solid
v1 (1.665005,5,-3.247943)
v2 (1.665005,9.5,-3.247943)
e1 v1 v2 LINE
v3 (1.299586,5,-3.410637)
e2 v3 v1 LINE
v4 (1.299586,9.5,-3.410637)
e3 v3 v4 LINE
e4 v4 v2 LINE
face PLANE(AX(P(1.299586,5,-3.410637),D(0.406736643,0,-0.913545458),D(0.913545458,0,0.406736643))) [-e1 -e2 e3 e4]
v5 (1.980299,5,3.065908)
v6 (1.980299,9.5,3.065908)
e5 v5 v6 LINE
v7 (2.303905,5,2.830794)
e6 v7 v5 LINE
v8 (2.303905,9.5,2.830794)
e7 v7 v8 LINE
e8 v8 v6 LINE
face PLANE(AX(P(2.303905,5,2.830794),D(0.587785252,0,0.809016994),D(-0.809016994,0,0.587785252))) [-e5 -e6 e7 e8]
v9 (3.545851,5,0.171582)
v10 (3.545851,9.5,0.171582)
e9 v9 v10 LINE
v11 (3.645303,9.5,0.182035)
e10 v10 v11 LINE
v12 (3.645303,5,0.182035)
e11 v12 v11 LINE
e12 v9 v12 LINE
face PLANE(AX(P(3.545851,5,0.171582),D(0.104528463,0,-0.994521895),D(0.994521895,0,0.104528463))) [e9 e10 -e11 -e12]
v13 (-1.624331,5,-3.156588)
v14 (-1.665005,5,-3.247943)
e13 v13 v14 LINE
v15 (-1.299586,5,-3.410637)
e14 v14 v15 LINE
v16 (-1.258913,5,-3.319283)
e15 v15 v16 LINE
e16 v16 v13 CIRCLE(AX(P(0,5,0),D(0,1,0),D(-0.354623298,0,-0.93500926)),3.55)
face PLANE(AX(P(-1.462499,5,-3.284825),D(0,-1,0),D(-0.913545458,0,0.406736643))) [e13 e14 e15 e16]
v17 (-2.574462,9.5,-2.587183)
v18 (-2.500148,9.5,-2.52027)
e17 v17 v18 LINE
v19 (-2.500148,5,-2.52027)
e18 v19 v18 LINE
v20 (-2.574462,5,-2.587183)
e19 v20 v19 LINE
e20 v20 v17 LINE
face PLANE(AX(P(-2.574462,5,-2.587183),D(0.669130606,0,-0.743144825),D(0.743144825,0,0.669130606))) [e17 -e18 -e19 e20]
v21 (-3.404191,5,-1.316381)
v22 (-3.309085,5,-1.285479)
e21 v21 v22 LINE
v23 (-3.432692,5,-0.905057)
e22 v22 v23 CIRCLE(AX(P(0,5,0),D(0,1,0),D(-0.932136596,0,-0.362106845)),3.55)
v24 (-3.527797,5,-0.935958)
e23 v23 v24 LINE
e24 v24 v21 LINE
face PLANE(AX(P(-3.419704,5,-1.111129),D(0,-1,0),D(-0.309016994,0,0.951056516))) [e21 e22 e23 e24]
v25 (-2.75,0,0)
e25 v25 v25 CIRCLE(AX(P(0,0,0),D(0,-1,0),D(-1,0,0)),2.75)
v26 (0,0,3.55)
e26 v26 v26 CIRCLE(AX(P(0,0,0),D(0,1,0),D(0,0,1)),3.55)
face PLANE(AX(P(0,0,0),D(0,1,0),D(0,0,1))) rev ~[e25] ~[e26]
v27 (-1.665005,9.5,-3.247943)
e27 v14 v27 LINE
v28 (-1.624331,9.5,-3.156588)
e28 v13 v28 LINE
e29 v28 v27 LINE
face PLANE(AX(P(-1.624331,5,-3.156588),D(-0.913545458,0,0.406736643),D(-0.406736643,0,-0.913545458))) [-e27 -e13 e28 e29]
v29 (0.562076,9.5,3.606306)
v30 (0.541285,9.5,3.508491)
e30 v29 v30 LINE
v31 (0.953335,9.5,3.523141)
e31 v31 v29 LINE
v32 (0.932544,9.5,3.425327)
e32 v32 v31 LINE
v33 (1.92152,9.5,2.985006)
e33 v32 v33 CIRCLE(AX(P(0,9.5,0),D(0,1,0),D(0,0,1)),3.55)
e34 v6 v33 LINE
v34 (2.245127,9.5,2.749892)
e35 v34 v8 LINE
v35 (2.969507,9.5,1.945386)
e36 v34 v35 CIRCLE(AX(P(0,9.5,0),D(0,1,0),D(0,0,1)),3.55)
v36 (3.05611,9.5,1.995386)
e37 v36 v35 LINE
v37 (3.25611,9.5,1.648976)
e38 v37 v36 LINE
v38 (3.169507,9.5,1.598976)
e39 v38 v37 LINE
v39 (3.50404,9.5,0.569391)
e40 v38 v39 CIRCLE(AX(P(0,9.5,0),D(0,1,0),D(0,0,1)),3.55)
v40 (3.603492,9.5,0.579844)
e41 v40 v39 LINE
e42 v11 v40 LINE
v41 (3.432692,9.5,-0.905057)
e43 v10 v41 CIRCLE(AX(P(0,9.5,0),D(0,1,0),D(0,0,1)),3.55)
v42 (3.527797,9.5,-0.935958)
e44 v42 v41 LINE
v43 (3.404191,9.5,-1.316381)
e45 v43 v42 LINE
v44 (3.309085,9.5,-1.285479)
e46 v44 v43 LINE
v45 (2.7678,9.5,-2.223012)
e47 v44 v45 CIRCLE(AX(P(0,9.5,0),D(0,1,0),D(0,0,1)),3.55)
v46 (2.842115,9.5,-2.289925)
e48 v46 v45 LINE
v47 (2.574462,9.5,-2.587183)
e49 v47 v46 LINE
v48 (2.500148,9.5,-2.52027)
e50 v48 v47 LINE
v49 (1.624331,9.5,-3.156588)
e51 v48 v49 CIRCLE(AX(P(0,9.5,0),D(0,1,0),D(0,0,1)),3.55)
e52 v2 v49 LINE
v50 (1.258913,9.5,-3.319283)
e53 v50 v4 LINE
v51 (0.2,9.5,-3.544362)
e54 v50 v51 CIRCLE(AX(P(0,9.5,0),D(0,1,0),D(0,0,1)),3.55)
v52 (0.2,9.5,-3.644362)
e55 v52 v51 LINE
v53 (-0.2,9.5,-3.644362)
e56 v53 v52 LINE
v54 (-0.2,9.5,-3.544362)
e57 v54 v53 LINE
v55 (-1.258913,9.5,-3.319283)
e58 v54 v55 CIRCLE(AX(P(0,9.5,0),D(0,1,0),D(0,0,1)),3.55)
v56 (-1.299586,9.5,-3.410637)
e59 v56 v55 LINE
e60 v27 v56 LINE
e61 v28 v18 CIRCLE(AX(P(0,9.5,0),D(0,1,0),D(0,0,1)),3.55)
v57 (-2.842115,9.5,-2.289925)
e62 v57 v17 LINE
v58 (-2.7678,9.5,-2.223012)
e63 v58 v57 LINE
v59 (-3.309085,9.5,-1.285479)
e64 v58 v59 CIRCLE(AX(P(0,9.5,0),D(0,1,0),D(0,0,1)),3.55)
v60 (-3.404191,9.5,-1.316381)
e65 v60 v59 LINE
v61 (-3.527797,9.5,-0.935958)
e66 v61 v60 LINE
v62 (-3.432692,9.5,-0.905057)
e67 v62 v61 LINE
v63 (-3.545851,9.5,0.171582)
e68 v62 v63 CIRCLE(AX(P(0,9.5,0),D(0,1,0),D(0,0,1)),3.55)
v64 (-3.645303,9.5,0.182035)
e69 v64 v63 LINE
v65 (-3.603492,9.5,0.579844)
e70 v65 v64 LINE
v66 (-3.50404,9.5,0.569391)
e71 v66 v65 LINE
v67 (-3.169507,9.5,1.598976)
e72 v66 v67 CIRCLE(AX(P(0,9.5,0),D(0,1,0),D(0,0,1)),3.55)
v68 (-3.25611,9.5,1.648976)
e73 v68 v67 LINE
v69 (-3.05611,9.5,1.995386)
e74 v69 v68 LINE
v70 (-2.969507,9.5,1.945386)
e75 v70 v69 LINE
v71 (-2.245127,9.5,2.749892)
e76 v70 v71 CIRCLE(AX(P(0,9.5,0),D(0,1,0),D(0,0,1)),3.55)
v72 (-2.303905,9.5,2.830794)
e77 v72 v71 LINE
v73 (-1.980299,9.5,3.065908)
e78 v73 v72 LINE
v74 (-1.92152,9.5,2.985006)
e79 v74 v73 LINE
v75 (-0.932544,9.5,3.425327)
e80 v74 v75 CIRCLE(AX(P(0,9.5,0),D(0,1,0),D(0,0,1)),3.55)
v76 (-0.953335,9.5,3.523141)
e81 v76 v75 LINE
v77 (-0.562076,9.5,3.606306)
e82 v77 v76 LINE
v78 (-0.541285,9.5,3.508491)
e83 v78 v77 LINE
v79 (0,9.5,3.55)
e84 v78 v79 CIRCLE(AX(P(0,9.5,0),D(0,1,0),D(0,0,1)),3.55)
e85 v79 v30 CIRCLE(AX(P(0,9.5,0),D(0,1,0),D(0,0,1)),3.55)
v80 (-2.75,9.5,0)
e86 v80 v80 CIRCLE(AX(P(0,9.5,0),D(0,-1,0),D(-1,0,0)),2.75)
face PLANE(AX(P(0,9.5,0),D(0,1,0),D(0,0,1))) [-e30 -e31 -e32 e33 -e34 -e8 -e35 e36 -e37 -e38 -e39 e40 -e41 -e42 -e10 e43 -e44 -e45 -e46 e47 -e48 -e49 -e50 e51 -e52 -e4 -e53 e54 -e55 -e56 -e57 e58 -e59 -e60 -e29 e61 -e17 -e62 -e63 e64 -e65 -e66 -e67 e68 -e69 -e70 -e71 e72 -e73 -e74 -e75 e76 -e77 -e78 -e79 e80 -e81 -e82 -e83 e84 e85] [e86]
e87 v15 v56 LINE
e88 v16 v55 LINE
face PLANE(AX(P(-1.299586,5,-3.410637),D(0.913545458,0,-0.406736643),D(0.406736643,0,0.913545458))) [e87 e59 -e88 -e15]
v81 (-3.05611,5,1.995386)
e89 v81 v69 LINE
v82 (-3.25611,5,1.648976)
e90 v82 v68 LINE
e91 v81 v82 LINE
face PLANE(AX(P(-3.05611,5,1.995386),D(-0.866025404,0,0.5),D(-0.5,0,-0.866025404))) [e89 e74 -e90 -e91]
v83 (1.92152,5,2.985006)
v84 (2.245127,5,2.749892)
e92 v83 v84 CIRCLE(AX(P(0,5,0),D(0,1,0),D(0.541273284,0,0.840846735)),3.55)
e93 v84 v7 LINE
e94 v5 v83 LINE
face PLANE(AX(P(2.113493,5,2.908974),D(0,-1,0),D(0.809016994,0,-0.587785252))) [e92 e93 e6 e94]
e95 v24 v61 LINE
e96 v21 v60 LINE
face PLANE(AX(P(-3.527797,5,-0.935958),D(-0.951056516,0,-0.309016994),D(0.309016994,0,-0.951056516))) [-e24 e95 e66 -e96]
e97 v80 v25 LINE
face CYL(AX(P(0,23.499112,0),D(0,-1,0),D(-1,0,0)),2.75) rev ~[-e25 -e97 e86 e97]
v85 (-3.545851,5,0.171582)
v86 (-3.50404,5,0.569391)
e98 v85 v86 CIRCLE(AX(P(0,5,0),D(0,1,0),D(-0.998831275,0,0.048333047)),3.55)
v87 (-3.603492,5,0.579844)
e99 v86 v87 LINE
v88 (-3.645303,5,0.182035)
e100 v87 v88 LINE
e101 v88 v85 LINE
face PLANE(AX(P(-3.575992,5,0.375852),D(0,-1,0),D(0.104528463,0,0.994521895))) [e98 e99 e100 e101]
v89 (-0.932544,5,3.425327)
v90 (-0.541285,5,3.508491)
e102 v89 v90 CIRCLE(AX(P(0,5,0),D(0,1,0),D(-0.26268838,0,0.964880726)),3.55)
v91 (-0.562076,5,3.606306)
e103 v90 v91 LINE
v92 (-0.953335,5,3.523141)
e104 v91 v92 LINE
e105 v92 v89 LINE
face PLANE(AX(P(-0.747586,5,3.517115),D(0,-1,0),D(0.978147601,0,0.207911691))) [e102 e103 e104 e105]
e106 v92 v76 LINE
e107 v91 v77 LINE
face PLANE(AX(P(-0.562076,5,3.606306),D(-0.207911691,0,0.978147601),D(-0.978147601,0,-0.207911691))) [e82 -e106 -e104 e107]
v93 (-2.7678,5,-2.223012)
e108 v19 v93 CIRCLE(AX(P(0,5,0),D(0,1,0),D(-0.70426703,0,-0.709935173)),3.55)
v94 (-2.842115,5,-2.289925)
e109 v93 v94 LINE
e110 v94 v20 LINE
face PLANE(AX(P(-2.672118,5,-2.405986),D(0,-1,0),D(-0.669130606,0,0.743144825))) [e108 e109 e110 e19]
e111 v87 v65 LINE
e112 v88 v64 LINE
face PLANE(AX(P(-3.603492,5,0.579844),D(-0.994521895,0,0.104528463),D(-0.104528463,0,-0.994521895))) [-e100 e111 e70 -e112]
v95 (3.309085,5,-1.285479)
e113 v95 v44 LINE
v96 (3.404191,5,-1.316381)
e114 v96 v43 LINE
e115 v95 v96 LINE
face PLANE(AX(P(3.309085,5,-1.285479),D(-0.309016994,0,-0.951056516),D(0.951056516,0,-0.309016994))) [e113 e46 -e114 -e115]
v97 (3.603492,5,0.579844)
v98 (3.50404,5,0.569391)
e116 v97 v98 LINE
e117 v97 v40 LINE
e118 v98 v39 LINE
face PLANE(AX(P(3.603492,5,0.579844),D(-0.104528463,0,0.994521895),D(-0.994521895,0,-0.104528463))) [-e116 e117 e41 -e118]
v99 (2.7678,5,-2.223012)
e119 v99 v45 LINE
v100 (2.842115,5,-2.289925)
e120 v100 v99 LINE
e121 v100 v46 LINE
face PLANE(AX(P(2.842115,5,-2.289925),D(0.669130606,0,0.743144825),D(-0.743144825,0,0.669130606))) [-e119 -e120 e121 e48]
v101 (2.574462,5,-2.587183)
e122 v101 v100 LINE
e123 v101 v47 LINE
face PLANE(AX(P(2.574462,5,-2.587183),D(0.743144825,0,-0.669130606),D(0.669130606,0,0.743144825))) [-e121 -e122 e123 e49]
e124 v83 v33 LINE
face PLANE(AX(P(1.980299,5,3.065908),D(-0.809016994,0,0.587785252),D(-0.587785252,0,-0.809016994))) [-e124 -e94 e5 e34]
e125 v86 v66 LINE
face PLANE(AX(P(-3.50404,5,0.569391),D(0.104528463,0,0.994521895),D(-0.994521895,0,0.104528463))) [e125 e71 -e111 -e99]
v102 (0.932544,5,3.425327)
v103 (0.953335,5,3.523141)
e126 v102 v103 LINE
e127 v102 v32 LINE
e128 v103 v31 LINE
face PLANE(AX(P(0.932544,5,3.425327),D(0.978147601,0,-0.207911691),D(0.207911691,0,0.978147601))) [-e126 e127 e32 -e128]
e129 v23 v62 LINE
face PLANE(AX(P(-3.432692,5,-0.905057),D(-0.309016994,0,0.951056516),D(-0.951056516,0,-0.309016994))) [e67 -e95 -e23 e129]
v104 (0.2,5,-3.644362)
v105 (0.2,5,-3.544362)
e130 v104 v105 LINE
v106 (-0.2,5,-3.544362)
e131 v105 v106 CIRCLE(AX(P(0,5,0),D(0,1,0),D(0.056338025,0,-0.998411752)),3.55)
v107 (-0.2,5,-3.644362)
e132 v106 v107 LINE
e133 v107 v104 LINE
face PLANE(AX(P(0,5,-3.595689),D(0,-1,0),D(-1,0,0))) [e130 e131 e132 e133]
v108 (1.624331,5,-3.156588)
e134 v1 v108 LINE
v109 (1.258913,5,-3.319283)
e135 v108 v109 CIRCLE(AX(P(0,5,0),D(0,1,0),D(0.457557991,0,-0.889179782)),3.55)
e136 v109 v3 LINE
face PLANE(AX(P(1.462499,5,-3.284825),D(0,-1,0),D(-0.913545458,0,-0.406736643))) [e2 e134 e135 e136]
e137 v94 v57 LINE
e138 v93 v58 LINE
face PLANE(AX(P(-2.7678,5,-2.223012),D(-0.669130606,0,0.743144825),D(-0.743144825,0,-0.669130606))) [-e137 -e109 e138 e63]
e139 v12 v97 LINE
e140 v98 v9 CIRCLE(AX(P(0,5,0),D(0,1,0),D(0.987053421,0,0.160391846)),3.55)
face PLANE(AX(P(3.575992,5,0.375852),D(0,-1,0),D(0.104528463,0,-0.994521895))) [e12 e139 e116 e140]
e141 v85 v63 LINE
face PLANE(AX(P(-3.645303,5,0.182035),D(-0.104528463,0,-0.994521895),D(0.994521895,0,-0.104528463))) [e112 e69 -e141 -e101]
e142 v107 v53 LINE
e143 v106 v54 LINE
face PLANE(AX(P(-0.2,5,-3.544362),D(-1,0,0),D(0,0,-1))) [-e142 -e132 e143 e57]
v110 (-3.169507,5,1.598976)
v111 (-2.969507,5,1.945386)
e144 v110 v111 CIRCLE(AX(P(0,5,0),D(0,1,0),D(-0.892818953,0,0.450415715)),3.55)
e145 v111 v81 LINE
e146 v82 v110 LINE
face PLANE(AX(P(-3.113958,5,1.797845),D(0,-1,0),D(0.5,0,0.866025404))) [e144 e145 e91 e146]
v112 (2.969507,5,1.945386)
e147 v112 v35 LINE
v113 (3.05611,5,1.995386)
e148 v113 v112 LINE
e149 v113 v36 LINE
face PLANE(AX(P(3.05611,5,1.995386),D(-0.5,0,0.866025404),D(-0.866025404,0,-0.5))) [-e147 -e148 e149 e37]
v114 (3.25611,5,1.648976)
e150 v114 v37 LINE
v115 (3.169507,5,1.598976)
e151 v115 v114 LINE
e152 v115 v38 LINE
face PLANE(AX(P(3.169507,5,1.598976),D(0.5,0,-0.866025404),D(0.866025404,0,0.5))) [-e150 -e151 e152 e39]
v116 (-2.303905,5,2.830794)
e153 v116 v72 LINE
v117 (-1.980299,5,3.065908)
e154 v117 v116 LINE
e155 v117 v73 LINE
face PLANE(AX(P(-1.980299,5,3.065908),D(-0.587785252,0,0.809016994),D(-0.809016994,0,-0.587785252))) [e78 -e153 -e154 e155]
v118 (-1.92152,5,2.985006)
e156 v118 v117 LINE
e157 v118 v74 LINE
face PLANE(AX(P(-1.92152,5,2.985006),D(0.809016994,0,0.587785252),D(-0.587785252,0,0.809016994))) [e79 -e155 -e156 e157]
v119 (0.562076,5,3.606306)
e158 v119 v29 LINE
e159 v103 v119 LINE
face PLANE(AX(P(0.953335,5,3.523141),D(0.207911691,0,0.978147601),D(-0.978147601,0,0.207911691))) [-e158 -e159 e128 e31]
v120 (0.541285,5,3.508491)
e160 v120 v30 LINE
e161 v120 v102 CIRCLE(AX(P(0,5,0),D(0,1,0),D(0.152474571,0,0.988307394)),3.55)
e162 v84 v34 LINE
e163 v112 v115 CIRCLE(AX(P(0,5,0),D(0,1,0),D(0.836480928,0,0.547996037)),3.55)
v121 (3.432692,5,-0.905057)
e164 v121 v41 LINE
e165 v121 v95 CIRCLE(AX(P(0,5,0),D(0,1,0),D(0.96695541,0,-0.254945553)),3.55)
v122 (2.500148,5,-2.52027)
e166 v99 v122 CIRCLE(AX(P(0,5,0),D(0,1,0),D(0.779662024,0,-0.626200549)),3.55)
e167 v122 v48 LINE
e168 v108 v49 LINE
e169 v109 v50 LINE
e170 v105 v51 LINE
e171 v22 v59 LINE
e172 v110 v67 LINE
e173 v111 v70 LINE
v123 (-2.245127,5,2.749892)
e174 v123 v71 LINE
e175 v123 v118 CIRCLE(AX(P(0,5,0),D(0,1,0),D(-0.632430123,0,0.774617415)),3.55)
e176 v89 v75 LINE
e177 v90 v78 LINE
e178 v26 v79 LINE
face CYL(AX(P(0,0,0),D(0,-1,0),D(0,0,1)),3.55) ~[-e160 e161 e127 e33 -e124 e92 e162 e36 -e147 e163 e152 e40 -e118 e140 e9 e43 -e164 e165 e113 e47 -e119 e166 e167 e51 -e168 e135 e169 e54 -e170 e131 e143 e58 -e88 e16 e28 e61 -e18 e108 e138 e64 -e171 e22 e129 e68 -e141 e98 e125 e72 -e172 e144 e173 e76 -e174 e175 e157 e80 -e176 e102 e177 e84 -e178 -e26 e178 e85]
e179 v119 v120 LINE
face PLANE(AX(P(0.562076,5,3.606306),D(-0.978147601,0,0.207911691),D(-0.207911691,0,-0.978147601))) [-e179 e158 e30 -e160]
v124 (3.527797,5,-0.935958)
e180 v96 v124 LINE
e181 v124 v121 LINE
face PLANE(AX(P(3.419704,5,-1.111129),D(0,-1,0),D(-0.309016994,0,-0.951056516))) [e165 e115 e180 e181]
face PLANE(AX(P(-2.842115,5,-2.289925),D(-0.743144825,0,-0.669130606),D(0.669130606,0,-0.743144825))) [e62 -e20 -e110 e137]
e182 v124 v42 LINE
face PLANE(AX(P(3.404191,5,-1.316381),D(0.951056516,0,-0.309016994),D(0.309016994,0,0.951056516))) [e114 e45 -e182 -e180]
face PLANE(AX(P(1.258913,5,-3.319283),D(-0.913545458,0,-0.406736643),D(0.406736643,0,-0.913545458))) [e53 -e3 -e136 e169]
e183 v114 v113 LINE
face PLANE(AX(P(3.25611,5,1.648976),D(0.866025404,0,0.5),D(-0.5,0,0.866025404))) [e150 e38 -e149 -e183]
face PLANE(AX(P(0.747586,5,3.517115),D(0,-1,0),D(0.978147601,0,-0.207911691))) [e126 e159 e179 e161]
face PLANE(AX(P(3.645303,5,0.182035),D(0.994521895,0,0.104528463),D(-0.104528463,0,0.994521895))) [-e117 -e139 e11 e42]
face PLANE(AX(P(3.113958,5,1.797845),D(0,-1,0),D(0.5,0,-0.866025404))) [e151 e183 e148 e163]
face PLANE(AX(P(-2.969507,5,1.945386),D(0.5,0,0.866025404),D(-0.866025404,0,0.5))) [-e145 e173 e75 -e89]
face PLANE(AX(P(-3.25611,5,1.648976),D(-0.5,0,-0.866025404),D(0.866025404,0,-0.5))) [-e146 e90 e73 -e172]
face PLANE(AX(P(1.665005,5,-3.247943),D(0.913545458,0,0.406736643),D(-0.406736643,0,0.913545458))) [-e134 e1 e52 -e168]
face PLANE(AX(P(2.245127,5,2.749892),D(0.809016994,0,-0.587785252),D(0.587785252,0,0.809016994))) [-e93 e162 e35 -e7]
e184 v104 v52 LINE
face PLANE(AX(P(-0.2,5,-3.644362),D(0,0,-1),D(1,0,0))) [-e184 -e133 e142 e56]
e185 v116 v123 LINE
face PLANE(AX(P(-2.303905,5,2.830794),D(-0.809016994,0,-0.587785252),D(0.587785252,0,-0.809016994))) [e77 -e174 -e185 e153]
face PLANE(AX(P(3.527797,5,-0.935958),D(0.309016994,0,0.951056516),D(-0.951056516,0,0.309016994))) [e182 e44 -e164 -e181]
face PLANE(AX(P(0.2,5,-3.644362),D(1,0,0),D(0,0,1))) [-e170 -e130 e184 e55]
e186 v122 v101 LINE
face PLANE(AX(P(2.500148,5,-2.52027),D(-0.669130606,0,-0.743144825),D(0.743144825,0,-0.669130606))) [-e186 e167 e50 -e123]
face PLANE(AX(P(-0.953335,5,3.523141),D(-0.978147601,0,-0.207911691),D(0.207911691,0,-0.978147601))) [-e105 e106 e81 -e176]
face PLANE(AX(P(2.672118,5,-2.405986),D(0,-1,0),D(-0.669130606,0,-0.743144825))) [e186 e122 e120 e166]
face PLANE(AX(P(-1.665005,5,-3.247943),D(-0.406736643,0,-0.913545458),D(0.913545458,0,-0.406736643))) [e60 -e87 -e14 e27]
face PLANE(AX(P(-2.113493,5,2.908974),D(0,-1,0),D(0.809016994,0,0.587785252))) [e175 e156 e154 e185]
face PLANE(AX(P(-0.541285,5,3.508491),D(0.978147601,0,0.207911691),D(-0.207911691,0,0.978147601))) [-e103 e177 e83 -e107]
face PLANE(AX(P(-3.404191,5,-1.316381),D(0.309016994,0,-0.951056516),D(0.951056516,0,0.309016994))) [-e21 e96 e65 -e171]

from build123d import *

# Parameters (mm, degrees)
SKETCH1_R            = 3.55
BODY_DEPTH           = 9.5
TEETH_START          = -4.5
TEETH_DEPTH          = 4.5
CIRPATTERN1_COUNT    = 15
M5_CLEARANCE_HOLE1_D = 5.5


with BuildPart() as part:
    # Sketch1 → Body (new body)
    with BuildSketch(Plane(origin=(0, 0, 0), x_dir=(1, 0, 0), z_dir=(0, 1, 0))):
        with Locations(Location((0, 0, 0), (0, 0, 270))):
            Circle(SKETCH1_R)
    extrude(amount=BODY_DEPTH)

    # Sketch2 → Teeth (add)
    with BuildSketch(Plane(origin=(0, 9.5, 0), x_dir=(1, 0, 0), z_dir=(0, 1, 0)).offset(TEETH_START)):
        with BuildLine():
            Line((-0.2, 3.54436172), (-0.2, 3.64436172))
            Line((-0.2, 3.64436172), (0.2, 3.64436172))
            Line((0.2, 3.64436172), (0.2, 3.54436172))
            ThreePointArc((0.2, 3.54436172), (0, 3.55), (-0.2, 3.54436172))
        make_face()
    teeth = extrude(amount=TEETH_DEPTH)

    # CirPattern1: Teeth ×15 about axis
    cirpattern1_axis = Axis((0, 0, 0), (0, 1, 0))
    for i in range(1, CIRPATTERN1_COUNT):
        add(teeth.rotate(cirpattern1_axis, i * 360 / CIRPATTERN1_COUNT))

    # M5 Clearance Hole1 (through all)
    with Locations(Plane(origin=(0, 9.5, 0), x_dir=(1, 0, 0), z_dir=(0, 1, 0))):
        with Locations((0, 0)):
            Hole(M5_CLEARANCE_HOLE1_D / 2)


solid = part.part
